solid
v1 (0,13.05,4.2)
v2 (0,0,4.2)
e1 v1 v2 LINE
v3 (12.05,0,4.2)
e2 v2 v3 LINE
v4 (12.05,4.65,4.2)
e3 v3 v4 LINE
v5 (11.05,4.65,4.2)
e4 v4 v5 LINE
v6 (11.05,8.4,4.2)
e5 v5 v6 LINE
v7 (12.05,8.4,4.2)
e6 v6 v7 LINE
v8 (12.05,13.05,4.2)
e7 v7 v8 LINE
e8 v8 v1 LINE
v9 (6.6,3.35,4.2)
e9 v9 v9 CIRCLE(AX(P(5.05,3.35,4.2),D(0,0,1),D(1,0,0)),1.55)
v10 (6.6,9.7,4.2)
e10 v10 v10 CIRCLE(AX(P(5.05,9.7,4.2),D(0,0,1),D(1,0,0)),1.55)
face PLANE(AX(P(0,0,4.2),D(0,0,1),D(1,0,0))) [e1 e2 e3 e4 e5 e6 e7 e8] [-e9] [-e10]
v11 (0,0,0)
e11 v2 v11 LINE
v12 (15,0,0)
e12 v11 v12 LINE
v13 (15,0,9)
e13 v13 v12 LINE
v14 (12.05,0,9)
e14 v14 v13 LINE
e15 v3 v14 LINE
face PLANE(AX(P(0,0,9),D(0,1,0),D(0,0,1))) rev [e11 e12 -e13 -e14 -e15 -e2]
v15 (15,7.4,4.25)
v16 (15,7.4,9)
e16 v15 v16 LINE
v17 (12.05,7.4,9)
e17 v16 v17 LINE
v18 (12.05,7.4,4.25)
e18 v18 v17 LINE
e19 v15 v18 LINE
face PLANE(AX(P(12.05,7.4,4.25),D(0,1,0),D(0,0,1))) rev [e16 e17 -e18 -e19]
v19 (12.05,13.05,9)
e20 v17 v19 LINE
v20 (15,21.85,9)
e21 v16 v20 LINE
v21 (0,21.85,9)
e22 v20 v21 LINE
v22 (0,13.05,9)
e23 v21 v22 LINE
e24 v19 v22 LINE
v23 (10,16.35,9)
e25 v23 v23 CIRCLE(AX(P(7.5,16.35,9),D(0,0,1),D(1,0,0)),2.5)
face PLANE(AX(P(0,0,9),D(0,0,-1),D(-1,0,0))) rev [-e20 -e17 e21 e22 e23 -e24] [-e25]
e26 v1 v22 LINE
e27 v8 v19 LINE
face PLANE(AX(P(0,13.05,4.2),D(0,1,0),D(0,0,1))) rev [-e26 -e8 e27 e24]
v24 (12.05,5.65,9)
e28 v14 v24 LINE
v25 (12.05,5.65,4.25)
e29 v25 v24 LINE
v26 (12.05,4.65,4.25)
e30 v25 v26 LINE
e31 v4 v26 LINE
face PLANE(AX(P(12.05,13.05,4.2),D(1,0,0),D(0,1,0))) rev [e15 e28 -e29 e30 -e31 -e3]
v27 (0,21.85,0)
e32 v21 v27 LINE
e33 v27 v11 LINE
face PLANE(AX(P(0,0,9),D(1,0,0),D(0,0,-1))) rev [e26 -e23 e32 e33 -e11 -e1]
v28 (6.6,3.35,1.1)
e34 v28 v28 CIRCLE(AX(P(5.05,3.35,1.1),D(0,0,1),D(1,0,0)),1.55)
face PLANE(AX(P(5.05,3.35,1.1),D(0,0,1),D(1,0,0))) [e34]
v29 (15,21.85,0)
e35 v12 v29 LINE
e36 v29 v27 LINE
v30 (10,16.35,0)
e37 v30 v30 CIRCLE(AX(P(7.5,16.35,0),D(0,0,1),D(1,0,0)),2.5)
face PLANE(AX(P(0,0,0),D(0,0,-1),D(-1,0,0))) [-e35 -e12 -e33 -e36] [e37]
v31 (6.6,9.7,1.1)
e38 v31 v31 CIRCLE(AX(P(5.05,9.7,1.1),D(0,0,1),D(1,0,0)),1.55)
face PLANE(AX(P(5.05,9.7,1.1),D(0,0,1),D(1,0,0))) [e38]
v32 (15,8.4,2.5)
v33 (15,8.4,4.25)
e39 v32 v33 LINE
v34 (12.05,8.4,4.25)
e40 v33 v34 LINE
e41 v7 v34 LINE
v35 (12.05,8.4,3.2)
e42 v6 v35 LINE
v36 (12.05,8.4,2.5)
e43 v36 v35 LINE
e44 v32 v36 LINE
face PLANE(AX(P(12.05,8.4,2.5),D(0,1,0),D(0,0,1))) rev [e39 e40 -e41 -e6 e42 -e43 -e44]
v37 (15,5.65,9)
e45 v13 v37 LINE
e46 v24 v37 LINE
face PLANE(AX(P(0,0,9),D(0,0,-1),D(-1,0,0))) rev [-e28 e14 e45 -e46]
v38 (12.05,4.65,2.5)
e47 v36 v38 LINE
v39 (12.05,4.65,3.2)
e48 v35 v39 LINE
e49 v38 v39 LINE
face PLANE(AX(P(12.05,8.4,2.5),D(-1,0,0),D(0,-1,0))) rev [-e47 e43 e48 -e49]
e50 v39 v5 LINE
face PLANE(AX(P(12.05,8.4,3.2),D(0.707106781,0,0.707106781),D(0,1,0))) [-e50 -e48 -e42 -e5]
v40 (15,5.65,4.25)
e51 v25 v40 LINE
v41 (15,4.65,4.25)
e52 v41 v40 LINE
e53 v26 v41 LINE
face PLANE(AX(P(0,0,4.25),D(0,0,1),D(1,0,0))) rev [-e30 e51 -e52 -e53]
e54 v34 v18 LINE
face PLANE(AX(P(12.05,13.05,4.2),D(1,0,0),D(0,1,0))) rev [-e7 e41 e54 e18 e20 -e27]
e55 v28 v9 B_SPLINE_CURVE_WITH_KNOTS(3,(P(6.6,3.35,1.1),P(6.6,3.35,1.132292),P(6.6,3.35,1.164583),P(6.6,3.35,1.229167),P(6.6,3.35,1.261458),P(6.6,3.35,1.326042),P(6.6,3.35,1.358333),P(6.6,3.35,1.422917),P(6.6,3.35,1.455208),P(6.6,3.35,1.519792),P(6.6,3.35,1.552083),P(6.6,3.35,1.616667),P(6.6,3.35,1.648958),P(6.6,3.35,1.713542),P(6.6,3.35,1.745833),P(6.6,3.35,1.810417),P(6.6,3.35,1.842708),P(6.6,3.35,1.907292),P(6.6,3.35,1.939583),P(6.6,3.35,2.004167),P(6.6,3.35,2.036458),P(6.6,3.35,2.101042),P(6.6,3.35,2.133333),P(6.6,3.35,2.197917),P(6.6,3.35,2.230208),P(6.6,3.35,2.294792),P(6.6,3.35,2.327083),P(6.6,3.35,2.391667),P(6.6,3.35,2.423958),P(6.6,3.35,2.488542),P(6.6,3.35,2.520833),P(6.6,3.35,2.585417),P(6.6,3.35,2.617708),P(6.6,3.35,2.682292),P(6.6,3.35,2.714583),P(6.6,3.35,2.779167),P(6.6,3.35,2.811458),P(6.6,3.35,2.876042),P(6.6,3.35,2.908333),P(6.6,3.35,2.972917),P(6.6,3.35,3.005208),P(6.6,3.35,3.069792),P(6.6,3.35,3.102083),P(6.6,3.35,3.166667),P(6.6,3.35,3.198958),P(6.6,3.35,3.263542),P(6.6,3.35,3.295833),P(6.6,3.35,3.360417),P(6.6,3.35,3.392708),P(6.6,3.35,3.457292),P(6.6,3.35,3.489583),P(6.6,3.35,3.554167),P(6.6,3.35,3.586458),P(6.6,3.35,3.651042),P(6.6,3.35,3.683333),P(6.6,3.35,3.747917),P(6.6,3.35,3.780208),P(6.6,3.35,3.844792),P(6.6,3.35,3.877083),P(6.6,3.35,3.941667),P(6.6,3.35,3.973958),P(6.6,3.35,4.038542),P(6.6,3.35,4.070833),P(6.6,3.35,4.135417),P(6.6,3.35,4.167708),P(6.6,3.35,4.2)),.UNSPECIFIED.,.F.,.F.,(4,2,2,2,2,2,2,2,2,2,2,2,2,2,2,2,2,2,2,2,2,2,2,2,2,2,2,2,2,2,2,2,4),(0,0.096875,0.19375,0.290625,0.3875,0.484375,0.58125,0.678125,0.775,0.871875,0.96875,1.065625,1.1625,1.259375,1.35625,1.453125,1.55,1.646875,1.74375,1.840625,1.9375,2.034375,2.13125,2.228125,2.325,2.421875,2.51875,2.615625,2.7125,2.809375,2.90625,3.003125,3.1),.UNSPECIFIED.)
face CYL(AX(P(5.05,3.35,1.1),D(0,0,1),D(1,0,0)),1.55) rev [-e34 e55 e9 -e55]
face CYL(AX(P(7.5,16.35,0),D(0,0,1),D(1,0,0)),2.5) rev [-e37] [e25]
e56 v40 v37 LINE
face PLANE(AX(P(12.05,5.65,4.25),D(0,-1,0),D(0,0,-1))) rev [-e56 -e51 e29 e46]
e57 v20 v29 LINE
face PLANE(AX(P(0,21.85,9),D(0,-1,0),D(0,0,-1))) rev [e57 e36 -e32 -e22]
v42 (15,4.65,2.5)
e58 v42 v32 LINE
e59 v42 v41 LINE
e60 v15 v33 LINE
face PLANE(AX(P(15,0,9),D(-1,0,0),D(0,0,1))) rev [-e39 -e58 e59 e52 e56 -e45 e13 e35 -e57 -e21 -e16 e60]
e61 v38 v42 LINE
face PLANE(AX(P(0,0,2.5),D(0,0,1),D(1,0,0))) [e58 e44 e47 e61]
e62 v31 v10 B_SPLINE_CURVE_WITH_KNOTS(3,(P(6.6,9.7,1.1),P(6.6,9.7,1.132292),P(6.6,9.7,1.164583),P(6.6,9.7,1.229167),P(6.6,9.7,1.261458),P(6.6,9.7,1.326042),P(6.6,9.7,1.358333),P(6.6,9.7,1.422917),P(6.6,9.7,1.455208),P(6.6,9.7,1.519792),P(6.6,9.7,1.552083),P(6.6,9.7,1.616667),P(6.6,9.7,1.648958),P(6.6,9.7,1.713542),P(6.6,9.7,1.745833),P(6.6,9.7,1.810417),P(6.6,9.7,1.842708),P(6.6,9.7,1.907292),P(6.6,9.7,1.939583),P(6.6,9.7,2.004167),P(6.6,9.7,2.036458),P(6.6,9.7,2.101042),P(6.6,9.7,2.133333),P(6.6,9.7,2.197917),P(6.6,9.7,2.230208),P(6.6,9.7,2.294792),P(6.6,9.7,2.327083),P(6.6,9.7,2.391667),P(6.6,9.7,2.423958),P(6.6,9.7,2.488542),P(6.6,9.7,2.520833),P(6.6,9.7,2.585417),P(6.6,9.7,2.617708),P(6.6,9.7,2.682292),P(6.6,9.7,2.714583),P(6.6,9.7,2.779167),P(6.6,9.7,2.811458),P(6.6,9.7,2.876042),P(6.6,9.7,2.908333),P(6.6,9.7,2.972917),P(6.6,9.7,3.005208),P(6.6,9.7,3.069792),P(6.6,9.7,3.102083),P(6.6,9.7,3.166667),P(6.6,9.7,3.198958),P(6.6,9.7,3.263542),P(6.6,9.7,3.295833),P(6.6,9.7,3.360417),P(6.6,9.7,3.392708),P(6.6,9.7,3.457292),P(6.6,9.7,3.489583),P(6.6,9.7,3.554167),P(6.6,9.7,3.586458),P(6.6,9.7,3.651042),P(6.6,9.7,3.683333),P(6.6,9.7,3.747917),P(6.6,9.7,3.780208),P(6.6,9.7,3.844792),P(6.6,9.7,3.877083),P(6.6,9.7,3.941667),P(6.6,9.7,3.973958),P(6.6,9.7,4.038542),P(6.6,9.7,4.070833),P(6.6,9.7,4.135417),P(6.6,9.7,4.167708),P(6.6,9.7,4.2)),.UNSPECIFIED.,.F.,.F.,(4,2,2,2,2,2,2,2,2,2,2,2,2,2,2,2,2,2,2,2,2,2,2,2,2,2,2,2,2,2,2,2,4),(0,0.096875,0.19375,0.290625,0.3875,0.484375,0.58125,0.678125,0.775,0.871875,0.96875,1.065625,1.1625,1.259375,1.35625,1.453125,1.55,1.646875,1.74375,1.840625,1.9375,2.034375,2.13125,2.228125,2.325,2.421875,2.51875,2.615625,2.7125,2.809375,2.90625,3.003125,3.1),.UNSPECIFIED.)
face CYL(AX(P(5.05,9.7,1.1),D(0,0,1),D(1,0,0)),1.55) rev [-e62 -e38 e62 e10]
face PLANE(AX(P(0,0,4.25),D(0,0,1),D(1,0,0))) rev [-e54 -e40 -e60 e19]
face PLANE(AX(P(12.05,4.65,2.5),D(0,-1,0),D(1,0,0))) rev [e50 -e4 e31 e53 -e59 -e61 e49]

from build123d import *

# Parameters (mm, degrees)
PROFILESKETCH3_W                           = 15
PROFILESKETCH3_H                           = 21.85
PROFILEBOSS_EXTRUDE1_DEPTH                 = 9
MICROSWITCHCUTSKETCH4_W                    = 12.05
MICROSWITCHCUTSKETCH4_H                    = 13.05
MICROSWITCHCUT_EXTRUDE1_DEPTH              = 4.8
SKETCH5_R                                  = 1.55
MICROSWITCHMOUNTINGHOLESCUT_EXTRUDE2_DEPTH = 3.1
SMALLCHANNELCABLESKETCH6_W                 = 2.95
SMALLCHANNELCABLESKETCH6_H                 = 1.75
SMALLCHANNELCABLECUT_EXTRUDE3_DEPTH        = 4.75
LARGECHANNELCABLESKETCH7_W                 = 2.95
LARGECHANNELCABLESKETCH7_H                 = 3.75
LARGECHANNELCABLECUT_EXTRUDE4_DEPTH        = 1.75
CHAMFER1_SIZE                              = 1
SKETCH6_R                                  = 2.5
MICROSWITCHMOUNTINGHOLECUT_EXTRUDE1_DEPTH  = 28.9896856


with BuildPart() as part:
    # ProfileSketch3 → ProfileBoss-Extrude1 (new body)
    with BuildSketch(Plane.XY):
        with Locations((7.5, 10.925)):
            Rectangle(PROFILESKETCH3_W, PROFILESKETCH3_H)
    extrude(amount=PROFILEBOSS_EXTRUDE1_DEPTH)

    # MicroSwitchCutSketch4 → MicroSwitchCut-Extrude1 (cut)
    with BuildSketch(Plane.XY.offset(9)):
        with Locations((6.025, 6.525)):
            Rectangle(MICROSWITCHCUTSKETCH4_W, MICROSWITCHCUTSKETCH4_H)
    extrude(amount=-MICROSWITCHCUT_EXTRUDE1_DEPTH, mode=Mode.SUBTRACT)

    # Sketch5 → MicroSwitchMountingHolesCut-Extrude2 (cut)
    with BuildSketch(Plane.XY.offset(4.2)):
        with Locations((5.05, 9.7)):
            Circle(SKETCH5_R)
        with Locations((5.05, 3.35)):
            Circle(SKETCH5_R)
    extrude(amount=-MICROSWITCHMOUNTINGHOLESCUT_EXTRUDE2_DEPTH, mode=Mode.SUBTRACT)

    # SmallChannelCableSketch6 → SmallChannelCableCut-Extrude3 (cut)
    with BuildSketch(Plane.XY.offset(9)):
        with Locations((13.525, 6.525)):
            Rectangle(SMALLCHANNELCABLESKETCH6_W, SMALLCHANNELCABLESKETCH6_H)
    extrude(amount=-SMALLCHANNELCABLECUT_EXTRUDE3_DEPTH, mode=Mode.SUBTRACT)

    # LargeChannelCableSketch7 → LargeChannelCableCut-Extrude4 (cut)
    with BuildSketch(Plane.XY.offset(4.25)):
        with Locations((13.525, 6.525)):
            Rectangle(LARGECHANNELCABLESKETCH7_W, LARGECHANNELCABLESKETCH7_H)
    extrude(amount=-LARGECHANNELCABLECUT_EXTRUDE4_DEPTH, mode=Mode.SUBTRACT)

    # Chamfer1
    chamfer1_edges = [part.edges().sort_by_distance(p)[0] for p in [
        (12.05, 6.525, 4.2),
    ]]
    chamfer(chamfer1_edges, length=CHAMFER1_SIZE)

    # Sketch6 → MicroSwitchMountingHoleCut-Extrude1 (cut, through all)
    with BuildSketch(Plane.XY.offset(9)):
        with Locations((7.5, 16.35)):
            Circle(SKETCH6_R)
    extrude(amount=-MICROSWITCHMOUNTINGHOLECUT_EXTRUDE1_DEPTH, mode=Mode.SUBTRACT)


solid = part.part
